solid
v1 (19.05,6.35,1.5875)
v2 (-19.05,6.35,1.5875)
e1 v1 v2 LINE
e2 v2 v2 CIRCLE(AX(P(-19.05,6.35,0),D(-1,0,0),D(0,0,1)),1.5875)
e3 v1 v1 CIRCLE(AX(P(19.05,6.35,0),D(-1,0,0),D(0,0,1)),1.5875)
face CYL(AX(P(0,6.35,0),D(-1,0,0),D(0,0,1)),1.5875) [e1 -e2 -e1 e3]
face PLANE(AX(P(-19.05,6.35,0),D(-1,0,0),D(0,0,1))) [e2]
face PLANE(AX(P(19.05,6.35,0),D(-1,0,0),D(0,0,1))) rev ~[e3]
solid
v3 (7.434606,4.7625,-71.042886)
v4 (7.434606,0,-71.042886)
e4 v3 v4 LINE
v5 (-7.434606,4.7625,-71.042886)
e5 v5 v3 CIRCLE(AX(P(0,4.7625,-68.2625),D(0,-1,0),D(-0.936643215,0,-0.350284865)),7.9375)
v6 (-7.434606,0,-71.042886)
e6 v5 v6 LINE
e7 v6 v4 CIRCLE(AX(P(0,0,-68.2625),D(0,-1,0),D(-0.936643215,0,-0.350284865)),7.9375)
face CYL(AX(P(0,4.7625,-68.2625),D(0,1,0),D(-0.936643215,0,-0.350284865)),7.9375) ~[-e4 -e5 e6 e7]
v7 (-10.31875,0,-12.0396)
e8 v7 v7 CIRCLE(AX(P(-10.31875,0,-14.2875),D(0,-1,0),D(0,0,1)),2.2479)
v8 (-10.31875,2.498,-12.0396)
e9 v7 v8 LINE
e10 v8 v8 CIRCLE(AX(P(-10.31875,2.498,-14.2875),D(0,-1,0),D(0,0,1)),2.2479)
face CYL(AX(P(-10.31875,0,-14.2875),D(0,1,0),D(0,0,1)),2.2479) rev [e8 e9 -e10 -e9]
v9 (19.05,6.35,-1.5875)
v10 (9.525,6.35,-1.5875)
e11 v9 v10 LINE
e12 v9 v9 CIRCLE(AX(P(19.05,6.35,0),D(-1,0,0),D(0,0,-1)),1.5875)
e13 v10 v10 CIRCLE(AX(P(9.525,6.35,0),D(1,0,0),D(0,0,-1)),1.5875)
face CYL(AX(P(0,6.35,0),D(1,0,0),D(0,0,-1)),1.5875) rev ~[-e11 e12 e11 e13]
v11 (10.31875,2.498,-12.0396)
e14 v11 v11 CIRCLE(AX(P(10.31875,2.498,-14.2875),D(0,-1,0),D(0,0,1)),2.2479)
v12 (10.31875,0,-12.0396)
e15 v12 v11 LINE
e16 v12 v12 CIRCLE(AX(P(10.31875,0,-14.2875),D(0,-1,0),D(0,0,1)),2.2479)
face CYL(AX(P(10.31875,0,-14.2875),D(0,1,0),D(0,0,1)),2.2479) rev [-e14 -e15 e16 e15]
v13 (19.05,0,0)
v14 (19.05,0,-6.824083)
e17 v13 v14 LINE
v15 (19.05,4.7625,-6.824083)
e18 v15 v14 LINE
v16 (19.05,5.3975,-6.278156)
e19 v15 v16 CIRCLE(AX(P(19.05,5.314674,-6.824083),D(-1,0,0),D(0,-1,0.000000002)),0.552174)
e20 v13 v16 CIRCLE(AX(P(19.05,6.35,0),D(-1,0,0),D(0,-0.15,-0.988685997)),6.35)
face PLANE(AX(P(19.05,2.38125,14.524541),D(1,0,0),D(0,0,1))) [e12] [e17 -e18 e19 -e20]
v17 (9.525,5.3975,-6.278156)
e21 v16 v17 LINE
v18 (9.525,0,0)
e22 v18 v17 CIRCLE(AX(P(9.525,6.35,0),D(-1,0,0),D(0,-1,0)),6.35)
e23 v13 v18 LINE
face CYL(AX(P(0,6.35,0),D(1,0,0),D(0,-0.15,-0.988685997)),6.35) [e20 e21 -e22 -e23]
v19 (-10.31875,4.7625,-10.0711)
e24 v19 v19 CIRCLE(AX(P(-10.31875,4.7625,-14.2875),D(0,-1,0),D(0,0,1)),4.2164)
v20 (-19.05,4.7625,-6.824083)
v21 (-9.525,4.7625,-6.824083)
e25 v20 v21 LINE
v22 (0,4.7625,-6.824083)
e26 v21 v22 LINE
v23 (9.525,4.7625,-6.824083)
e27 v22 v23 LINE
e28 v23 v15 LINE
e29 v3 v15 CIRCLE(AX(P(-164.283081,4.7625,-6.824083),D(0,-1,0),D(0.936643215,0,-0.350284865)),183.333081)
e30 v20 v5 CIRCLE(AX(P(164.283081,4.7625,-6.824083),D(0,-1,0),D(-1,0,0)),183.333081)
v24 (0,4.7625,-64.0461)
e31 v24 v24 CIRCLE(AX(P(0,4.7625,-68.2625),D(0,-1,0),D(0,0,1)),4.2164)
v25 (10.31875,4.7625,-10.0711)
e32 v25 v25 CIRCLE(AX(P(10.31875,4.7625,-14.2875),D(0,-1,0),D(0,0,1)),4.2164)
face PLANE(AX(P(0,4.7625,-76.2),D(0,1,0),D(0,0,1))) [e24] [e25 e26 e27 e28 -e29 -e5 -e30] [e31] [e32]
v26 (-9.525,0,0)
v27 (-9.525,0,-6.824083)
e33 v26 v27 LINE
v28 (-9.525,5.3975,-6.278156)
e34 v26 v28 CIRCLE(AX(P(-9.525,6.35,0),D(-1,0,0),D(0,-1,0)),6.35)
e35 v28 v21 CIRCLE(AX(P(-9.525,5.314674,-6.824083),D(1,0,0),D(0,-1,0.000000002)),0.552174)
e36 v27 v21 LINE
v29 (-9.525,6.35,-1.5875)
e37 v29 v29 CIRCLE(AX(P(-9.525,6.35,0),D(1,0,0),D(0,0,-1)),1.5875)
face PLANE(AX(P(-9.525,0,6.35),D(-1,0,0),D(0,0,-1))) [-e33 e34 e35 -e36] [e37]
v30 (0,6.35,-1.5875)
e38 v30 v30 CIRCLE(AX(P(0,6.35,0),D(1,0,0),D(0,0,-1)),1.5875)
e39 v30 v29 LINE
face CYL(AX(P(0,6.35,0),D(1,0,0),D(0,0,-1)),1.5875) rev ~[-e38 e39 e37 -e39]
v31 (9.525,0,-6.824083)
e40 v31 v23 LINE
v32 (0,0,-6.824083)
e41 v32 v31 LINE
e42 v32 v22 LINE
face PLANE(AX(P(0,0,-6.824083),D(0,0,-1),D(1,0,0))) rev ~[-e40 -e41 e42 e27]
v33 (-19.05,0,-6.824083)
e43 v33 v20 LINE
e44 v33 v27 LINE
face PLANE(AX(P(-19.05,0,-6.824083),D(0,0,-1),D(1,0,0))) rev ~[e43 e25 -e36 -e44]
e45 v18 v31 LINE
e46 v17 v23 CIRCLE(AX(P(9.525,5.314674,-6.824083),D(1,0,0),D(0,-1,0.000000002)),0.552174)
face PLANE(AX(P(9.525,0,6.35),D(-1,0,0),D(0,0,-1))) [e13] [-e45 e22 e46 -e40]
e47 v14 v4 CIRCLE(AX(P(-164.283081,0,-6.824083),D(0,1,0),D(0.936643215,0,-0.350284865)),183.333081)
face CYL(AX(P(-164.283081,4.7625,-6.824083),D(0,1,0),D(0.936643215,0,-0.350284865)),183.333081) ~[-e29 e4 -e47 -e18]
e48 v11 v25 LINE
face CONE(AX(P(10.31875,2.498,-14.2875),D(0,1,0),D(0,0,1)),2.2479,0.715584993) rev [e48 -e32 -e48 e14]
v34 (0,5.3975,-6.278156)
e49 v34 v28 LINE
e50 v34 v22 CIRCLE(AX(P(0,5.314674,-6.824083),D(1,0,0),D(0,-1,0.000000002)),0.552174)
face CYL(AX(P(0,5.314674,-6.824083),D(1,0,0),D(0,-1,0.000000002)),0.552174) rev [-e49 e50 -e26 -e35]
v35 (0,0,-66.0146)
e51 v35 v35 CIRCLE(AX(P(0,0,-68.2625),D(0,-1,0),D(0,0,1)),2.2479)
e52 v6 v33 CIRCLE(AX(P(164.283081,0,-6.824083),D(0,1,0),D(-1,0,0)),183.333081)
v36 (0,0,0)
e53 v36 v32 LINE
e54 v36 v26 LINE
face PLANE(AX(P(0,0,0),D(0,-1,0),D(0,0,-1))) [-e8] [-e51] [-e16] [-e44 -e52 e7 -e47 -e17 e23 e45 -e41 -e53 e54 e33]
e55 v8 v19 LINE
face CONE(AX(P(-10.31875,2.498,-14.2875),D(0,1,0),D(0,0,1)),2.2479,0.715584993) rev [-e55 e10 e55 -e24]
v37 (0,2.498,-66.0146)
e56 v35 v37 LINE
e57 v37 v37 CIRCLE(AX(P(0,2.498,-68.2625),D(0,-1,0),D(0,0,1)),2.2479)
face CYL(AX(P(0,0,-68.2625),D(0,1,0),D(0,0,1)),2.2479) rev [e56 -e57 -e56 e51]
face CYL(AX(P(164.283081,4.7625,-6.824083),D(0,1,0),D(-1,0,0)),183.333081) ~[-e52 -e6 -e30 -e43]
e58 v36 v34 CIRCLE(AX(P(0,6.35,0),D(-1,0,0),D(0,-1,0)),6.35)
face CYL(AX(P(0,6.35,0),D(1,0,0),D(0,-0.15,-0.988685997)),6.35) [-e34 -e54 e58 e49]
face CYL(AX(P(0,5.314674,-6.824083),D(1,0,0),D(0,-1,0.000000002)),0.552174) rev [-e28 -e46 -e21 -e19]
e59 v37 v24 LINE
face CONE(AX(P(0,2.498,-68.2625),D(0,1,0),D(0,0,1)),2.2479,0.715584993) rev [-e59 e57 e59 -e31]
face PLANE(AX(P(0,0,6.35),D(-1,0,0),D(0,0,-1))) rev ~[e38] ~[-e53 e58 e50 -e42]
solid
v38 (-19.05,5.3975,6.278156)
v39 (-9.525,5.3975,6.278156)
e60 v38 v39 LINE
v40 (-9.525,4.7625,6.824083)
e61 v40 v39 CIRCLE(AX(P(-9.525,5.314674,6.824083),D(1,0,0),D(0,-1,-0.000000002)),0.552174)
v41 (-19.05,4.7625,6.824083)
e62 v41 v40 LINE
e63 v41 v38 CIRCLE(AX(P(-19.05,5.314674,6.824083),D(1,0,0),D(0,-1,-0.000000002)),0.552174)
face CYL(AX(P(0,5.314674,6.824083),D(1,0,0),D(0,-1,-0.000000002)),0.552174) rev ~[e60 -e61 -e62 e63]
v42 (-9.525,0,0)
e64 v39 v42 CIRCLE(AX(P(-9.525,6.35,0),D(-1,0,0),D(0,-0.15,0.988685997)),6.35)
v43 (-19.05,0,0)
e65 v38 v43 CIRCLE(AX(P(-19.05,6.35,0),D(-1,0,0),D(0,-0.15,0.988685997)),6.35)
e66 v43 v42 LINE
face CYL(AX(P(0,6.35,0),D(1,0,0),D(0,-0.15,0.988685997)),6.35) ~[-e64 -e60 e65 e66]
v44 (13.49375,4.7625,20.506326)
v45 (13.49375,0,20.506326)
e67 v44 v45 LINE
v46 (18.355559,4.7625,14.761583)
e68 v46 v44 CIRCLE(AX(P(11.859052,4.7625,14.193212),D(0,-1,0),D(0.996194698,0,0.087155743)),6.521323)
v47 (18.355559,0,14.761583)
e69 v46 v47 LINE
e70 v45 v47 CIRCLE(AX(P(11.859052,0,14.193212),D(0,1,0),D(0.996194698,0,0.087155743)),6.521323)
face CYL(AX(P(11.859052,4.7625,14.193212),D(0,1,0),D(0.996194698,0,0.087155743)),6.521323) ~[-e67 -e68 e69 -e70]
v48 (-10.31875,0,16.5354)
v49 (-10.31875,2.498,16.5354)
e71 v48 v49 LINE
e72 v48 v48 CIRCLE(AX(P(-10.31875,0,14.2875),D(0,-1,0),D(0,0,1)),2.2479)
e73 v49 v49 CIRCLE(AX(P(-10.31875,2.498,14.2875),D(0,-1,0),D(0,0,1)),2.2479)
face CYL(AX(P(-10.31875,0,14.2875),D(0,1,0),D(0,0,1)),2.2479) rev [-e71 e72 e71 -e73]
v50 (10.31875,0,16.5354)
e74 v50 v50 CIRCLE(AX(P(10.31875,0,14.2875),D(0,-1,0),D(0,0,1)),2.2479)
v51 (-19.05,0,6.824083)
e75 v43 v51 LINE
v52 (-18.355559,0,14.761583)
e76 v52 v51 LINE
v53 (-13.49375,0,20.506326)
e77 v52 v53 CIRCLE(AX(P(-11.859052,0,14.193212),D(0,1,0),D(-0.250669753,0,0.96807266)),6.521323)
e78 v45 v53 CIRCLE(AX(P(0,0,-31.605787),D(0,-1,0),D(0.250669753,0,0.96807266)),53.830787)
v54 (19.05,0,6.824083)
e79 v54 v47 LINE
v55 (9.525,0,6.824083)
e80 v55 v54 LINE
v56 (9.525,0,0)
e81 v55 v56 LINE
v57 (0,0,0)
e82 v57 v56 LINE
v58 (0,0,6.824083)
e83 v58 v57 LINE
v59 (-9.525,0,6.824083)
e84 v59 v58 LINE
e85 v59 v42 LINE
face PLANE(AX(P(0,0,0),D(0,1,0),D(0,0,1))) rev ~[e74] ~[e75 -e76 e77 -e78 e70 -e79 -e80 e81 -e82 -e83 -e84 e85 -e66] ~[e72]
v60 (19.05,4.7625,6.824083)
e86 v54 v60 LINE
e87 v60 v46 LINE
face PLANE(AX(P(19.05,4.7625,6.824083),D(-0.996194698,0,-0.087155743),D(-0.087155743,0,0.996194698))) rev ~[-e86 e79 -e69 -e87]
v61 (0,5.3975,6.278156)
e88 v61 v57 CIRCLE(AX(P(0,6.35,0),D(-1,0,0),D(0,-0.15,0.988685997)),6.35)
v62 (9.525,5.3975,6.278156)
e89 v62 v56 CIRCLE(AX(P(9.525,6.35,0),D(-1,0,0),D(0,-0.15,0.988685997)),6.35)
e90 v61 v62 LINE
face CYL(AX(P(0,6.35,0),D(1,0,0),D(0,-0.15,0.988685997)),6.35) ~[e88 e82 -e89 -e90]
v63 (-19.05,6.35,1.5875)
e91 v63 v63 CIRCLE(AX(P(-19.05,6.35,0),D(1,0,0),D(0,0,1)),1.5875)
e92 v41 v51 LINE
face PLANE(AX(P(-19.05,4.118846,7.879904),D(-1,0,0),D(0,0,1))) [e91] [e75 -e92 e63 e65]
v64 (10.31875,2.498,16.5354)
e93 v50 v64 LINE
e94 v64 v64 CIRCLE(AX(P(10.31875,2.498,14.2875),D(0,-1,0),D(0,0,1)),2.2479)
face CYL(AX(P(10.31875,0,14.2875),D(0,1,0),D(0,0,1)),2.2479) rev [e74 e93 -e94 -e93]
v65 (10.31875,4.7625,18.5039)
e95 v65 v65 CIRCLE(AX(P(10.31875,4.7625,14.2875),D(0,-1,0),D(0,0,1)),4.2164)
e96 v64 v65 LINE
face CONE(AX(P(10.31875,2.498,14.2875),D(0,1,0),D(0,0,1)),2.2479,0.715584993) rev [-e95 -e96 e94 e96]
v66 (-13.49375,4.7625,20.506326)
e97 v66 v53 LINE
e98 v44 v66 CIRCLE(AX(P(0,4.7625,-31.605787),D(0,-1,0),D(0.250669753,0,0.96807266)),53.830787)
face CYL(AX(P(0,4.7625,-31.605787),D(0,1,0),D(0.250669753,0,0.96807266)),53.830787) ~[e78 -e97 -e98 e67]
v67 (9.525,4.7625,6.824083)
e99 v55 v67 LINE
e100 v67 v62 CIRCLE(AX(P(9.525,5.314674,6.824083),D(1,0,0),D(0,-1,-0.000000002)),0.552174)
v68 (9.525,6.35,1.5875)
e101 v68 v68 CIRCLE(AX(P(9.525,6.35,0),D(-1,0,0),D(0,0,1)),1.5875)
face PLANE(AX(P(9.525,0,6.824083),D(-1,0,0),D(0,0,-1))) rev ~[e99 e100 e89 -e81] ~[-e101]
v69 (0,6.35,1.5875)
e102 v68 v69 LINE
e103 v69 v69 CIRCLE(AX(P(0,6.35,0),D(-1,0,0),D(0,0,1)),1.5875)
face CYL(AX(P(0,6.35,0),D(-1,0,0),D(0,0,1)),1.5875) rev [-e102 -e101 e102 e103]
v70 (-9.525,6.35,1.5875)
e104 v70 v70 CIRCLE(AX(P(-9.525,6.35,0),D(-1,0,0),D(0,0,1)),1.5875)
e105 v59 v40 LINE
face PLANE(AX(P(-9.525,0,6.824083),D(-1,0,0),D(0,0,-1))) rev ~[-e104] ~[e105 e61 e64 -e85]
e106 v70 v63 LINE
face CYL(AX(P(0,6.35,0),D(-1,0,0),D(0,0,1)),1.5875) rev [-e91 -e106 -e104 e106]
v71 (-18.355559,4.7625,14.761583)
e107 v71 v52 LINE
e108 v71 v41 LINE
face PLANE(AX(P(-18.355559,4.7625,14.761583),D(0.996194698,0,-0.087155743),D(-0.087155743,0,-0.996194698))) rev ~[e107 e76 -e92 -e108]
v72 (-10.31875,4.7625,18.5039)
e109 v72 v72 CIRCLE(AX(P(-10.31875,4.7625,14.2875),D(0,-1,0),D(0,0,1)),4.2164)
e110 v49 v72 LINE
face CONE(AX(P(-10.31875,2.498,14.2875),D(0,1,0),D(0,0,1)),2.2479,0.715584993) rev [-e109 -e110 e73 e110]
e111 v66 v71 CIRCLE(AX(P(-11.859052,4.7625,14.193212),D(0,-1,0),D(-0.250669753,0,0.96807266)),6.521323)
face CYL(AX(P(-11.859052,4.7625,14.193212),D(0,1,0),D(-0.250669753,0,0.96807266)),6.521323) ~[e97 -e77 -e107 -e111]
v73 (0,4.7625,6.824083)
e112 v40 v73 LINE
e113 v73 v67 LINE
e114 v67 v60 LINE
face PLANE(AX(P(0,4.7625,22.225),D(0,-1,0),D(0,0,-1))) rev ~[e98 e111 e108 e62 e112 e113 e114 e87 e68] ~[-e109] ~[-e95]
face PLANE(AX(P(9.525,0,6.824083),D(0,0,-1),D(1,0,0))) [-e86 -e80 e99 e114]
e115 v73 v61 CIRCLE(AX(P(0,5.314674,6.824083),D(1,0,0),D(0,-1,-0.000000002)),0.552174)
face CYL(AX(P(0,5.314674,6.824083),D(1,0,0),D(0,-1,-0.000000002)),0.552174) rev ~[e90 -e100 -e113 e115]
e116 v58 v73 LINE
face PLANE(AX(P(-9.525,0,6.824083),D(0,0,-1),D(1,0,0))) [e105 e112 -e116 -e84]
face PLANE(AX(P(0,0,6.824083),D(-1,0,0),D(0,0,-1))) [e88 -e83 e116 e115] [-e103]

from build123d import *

# Parameters (mm, degrees)
SKETCH2_R                                     = 1.5875
EXTRUDE1_DEPTH                                = 19.05
SKETCH24_W                                    = 9.525
SKETCH24_H                                    = 13.174082694
CUT_EXTRUDE5_DEPTH                            = 32.908355097
EXTRUDE2_REACH                                = 33.908
SKETCH4_R                                     = 1.5875
EXTRUDE2_DIRECTION_2_REACH                    = 33.908
SKETCH25_W                                    = 9.525
SKETCH25_H                                    = 13.174082694
CUT_EXTRUDE6_DEPTH                            = 80.565271947
SKETCH7_W                                     = 38.1
SKETCH7_H                                     = 1.5875
CUT_EXTRUDE4_DEPTH                            = 1056.132
CSK_FOR_8_FLAT_HEAD_MACHINE_SCREW1_AT_2_COUNT = 2
CSK_FOR_8_FLAT_HEAD_MACHINE_SCREW1_AT_2_PITCH = 54.95249973
CSK_FOR_8_FLAT_HEAD_MACHINE_SCREW1_AT_3_COUNT = 2
CSK_FOR_8_FLAT_HEAD_MACHINE_SCREW1_AT_3_PITCH = 54.95249973
CSK_FOR_8_FLAT_HEAD_MACHINE_SCREW1_AT_4_COUNT = 2
CSK_FOR_8_FLAT_HEAD_MACHINE_SCREW1_AT_4_PITCH = 83.19242214
CSK_FOR_8_FLAT_HEAD_MACHINE_SCREW1_AT_5_COUNT = 2
CSK_FOR_8_FLAT_HEAD_MACHINE_SCREW1_AT_5_PITCH = 83.19242214


with BuildPart() as part:
    # Sketch2 → Extrude1 (new, symmetric)
    with BuildSketch(Plane(origin=(0, 0, 0), x_dir=(0, 0, -1), z_dir=(1, 0, 0))):
        with BuildLine():
            Line((0, 0), (-22.225, 0))
            Line((-22.225, 0), (-22.225, 4.7625))
            Line((-22.225, 4.7625), (-6.824082694, 4.7625))
            ThreePointArc((-6.824082694, 4.7625), (-6.405376094, 4.954700563), (-6.278156079, 5.3975))
            ThreePointArc((-6.278156079, 5.3975), (4.139693527, 11.165125907), (0, 0))
        make_face()
        with Locations(Location((0, 6.35, 0), (0, 0, 180))):
            Circle(SKETCH2_R, mode=Mode.SUBTRACT)
    extrude(amount=EXTRUDE1_DEPTH, both=True)

    # Sketch24 → Cut-Extrude5 (cut, through all)
    with BuildSketch(Plane(origin=(0, 0, 0), x_dir=(1, 0, 0), z_dir=(0, 1, 0))):
        with Locations((-4.7625, -0.237041347)):
            Rectangle(SKETCH24_W, SKETCH24_H)
        with Locations((14.2875, -0.237041347)):
            Rectangle(SKETCH24_W, SKETCH24_H)
    extrude(amount=CUT_EXTRUDE5_DEPTH, mode=Mode.SUBTRACT)


with BuildPart() as body_2:

    # Extrude2: up to this face of the body (flat: up to its plane)
    extrude2_end = Plane(part.part.faces().sort_by_distance((19.05, 2.38125, 14.524541347))[0])
    # Sketch4 → Extrude2 (new, up to the picked face)
    with BuildSketch(Plane(origin=(0, 0, 0), x_dir=(0, 0, -1), z_dir=(1, 0, 0)), mode=Mode.PRIVATE) as extrude2_sk1:
        with BuildLine():
            Line((0, 0), (76.2, 0))
            Line((76.2, 0), (76.2, 4.7625))
            Line((76.2, 4.7625), (6.824082694, 4.7625))
            ThreePointArc((6.824082694, 4.7625), (6.405376094, 4.954700563), (6.278156079, 5.3975))
            ThreePointArc((6.278156079, 5.3975), (-4.139693527, 11.165125907), (0, 0))
        make_face()
        with Locations((0, 6.35)):
            Circle(SKETCH4_R, mode=Mode.SUBTRACT)
    extrude2_tool1 = split(extrude(extrude2_sk1.sketch, amount=EXTRUDE2_REACH, mode=Mode.PRIVATE), bisect_by=extrude2_end, keep=Keep.BOTH, mode=Mode.PRIVATE)
    add(extrude2_tool1.solids().sort_by(Axis((0, 3.387521, -29.937406), (1, 0, 0)))[0])


    # Extrude2 direction 2: up to this face of the body (flat: up to its plane)
    extrude2_direction_2_end = Plane(part.part.faces().sort_by_distance((-19.05, 4.661678537, 5.530933407))[0])
    # Sketch4 → Extrude2 direction 2 (add, up to the picked face)
    with BuildSketch(Plane(origin=(0, 0, 0), x_dir=(0, 0, -1), z_dir=(1, 0, 0)), mode=Mode.PRIVATE) as extrude2_direction_2_sk1:
        with BuildLine():
            Line((0, 0), (76.2, 0))
            Line((76.2, 0), (76.2, 4.7625))
            Line((76.2, 4.7625), (6.824082694, 4.7625))
            ThreePointArc((6.824082694, 4.7625), (6.405376094, 4.954700563), (6.278156079, 5.3975))
            ThreePointArc((6.278156079, 5.3975), (-4.139693527, 11.165125907), (0, 0))
        make_face()
        with Locations((0, 6.35)):
            Circle(SKETCH4_R, mode=Mode.SUBTRACT)
    extrude2_direction_2_tool1 = split(extrude(extrude2_direction_2_sk1.sketch, amount=-EXTRUDE2_DIRECTION_2_REACH, mode=Mode.PRIVATE), bisect_by=extrude2_direction_2_end, keep=Keep.BOTH, mode=Mode.PRIVATE)
    add(extrude2_direction_2_tool1.solids().sort_by(Axis((0, 3.387521, -29.937406), (-1, 0, 0)))[0])

    # Sketch25 → Cut-Extrude6 (cut, through all)
    with BuildSketch(Plane(origin=(0, 0, 0), x_dir=(1, 0, 0), z_dir=(0, 1, 0))):
        with Locations((-14.2875, 0.237041347)):
            Rectangle(SKETCH25_W, SKETCH25_H)
        with Locations((4.7625, 0.237041347)):
            Rectangle(SKETCH25_W, SKETCH25_H)
    extrude(amount=CUT_EXTRUDE6_DEPTH, mode=Mode.SUBTRACT)


with BuildPart() as body_3:
    # Sketch7 → Revolve1 (revolve)
    with BuildSketch(Plane(origin=(0, 6.35, 0), x_dir=(-1, 0, 0), z_dir=(0, 1, 0)), mode=Mode.PRIVATE) as revolve1_sk:
        with Locations((0, -0.79375)):
            Rectangle(SKETCH7_W, SKETCH7_H)
    revolve(revolve1_sk.sketch.rotate(Axis((19.05, 6.35, 0), (-1, 0, 0)), 180), axis=Axis((19.05, 6.35, 0), (-1, 0, 0)))


with BuildPart() as cut_extrude4_tool:
    # Sketch8 → Cut-Extrude4 (new body)
    with BuildSketch(Plane(origin=(0, 4.7625, 0), x_dir=(-1, 0, 0), z_dir=(0, 1, 0))):
        with BuildLine():
            Line((-19.05, -6.824082694), (-22.119129983, -6.824082694))
            Line((-22.119129983, -6.824082694), (-22.119129983, -80.12356523))
            Line((-22.119129983, -80.12356523), (22.119129983, -80.12356523))
            Line((22.119129983, -80.12356523), (22.119129983, -6.824082694))
            Line((22.119129983, -6.824082694), (19.05, -6.824082694))
            ThreePointArc((19.05, -6.824082694), (16.122782432, -39.454483022), (7.434605523, -71.042886119))
            ThreePointArc((7.434605523, -71.042886119), (0, -76.2), (-7.434605523, -71.042886119))
            ThreePointArc((-7.434605523, -71.042886119), (-16.122782432, -39.454483022), (-19.05, -6.824082694))
        make_face()
        with BuildLine():
            Line((-19.05, 6.824082694), (-18.355558733, 14.761582694))
            ThreePointArc((-18.355558733, 14.761582694), (-16.836967363, 18.406050054), (-13.49375, 20.506326167))
            ThreePointArc((-13.49375, 20.506326167), (0, 22.225), (13.49375, 20.506326167))
            ThreePointArc((13.49375, 20.506326167), (16.836967363, 18.406050054), (18.355558733, 14.761582694))
            Line((18.355558733, 14.761582694), (19.05, 6.824082694))
            Line((19.05, 6.824082694), (22.119129983, 6.824082694))
            Line((22.119129983, 6.824082694), (22.119129983, 26.600148172))
            Line((22.119129983, 26.600148172), (-22.119129983, 26.600148172))
            Line((-22.119129983, 26.600148172), (-22.119129983, 6.824082694))
            Line((-22.119129983, 6.824082694), (-19.05, 6.824082694))
        make_face()
    extrude(amount=-CUT_EXTRUDE4_DEPTH)


with BuildPart() as part_1:
    add(part.part)

    # Cut-Extrude4: cut by cut_extrude4_tool
    add(cut_extrude4_tool.part, mode=Mode.SUBTRACT)


with BuildPart() as body_2_1:
    add(body_2.part)

    # Cut-Extrude4: cut by cut_extrude4_tool
    add(cut_extrude4_tool.part, mode=Mode.SUBTRACT)

    # Sketch13 → CSK for #8 Flat Head Machine Screw1 (revolve, cut)
    with BuildSketch(Plane(origin=(0, 4.7625, -68.2625), x_dir=(0, 0, 1), z_dir=(1, 0, 0))):
        Polygon((0, 0), (0, 4.7625), (2.2479, 4.7625), (2.2479, 2.26450021), (4.2164, 0), align=None)
    csk_for_8_flat_head_machine_screw1 = revolve(axis=Axis((0, 11.1125, -68.2625), (0, -1, 0)), mode=Mode.SUBTRACT)

    # CSK for #8 Flat Head Machine Screw1 at 2: CSK for #8 Flat Head Machine Screw1 ×2
    with Locations(*[Vector(-0.18777580730124982, 0, 0.9822119151142303) * (i * CSK_FOR_8_FLAT_HEAD_MACHINE_SCREW1_AT_2_PITCH) for i in range(1, CSK_FOR_8_FLAT_HEAD_MACHINE_SCREW1_AT_2_COUNT)]):
        add(csk_for_8_flat_head_machine_screw1, mode=Mode.SUBTRACT)

    # CSK for #8 Flat Head Machine Screw1 at 3: CSK for #8 Flat Head Machine Screw1 ×2
    with Locations(*[Vector(0.18777580730125004, 0, 0.9822119151142303) * (i * CSK_FOR_8_FLAT_HEAD_MACHINE_SCREW1_AT_3_PITCH) for i in range(1, CSK_FOR_8_FLAT_HEAD_MACHINE_SCREW1_AT_3_COUNT)]):
        add(csk_for_8_flat_head_machine_screw1, mode=Mode.SUBTRACT)


with BuildPart() as part_2:
    add(part_1.part)

    # CSK for #8 Flat Head Machine Screw1 at 4: CSK for #8 Flat Head Machine Screw1 ×2
    with Locations(*[Vector(-0.12403473458920831, 0, 0.9922778767136677) * (i * CSK_FOR_8_FLAT_HEAD_MACHINE_SCREW1_AT_4_PITCH) for i in range(1, CSK_FOR_8_FLAT_HEAD_MACHINE_SCREW1_AT_4_COUNT)]):
        add(csk_for_8_flat_head_machine_screw1, mode=Mode.SUBTRACT)

    # CSK for #8 Flat Head Machine Screw1 at 5: CSK for #8 Flat Head Machine Screw1 ×2
    with Locations(*[Vector(0.12403473458920854, 0, 0.9922778767136676) * (i * CSK_FOR_8_FLAT_HEAD_MACHINE_SCREW1_AT_5_PITCH) for i in range(1, CSK_FOR_8_FLAT_HEAD_MACHINE_SCREW1_AT_5_COUNT)]):
        add(csk_for_8_flat_head_machine_screw1, mode=Mode.SUBTRACT)


solid = Compound([body_3.part, body_2_1.part, part_2.part])
